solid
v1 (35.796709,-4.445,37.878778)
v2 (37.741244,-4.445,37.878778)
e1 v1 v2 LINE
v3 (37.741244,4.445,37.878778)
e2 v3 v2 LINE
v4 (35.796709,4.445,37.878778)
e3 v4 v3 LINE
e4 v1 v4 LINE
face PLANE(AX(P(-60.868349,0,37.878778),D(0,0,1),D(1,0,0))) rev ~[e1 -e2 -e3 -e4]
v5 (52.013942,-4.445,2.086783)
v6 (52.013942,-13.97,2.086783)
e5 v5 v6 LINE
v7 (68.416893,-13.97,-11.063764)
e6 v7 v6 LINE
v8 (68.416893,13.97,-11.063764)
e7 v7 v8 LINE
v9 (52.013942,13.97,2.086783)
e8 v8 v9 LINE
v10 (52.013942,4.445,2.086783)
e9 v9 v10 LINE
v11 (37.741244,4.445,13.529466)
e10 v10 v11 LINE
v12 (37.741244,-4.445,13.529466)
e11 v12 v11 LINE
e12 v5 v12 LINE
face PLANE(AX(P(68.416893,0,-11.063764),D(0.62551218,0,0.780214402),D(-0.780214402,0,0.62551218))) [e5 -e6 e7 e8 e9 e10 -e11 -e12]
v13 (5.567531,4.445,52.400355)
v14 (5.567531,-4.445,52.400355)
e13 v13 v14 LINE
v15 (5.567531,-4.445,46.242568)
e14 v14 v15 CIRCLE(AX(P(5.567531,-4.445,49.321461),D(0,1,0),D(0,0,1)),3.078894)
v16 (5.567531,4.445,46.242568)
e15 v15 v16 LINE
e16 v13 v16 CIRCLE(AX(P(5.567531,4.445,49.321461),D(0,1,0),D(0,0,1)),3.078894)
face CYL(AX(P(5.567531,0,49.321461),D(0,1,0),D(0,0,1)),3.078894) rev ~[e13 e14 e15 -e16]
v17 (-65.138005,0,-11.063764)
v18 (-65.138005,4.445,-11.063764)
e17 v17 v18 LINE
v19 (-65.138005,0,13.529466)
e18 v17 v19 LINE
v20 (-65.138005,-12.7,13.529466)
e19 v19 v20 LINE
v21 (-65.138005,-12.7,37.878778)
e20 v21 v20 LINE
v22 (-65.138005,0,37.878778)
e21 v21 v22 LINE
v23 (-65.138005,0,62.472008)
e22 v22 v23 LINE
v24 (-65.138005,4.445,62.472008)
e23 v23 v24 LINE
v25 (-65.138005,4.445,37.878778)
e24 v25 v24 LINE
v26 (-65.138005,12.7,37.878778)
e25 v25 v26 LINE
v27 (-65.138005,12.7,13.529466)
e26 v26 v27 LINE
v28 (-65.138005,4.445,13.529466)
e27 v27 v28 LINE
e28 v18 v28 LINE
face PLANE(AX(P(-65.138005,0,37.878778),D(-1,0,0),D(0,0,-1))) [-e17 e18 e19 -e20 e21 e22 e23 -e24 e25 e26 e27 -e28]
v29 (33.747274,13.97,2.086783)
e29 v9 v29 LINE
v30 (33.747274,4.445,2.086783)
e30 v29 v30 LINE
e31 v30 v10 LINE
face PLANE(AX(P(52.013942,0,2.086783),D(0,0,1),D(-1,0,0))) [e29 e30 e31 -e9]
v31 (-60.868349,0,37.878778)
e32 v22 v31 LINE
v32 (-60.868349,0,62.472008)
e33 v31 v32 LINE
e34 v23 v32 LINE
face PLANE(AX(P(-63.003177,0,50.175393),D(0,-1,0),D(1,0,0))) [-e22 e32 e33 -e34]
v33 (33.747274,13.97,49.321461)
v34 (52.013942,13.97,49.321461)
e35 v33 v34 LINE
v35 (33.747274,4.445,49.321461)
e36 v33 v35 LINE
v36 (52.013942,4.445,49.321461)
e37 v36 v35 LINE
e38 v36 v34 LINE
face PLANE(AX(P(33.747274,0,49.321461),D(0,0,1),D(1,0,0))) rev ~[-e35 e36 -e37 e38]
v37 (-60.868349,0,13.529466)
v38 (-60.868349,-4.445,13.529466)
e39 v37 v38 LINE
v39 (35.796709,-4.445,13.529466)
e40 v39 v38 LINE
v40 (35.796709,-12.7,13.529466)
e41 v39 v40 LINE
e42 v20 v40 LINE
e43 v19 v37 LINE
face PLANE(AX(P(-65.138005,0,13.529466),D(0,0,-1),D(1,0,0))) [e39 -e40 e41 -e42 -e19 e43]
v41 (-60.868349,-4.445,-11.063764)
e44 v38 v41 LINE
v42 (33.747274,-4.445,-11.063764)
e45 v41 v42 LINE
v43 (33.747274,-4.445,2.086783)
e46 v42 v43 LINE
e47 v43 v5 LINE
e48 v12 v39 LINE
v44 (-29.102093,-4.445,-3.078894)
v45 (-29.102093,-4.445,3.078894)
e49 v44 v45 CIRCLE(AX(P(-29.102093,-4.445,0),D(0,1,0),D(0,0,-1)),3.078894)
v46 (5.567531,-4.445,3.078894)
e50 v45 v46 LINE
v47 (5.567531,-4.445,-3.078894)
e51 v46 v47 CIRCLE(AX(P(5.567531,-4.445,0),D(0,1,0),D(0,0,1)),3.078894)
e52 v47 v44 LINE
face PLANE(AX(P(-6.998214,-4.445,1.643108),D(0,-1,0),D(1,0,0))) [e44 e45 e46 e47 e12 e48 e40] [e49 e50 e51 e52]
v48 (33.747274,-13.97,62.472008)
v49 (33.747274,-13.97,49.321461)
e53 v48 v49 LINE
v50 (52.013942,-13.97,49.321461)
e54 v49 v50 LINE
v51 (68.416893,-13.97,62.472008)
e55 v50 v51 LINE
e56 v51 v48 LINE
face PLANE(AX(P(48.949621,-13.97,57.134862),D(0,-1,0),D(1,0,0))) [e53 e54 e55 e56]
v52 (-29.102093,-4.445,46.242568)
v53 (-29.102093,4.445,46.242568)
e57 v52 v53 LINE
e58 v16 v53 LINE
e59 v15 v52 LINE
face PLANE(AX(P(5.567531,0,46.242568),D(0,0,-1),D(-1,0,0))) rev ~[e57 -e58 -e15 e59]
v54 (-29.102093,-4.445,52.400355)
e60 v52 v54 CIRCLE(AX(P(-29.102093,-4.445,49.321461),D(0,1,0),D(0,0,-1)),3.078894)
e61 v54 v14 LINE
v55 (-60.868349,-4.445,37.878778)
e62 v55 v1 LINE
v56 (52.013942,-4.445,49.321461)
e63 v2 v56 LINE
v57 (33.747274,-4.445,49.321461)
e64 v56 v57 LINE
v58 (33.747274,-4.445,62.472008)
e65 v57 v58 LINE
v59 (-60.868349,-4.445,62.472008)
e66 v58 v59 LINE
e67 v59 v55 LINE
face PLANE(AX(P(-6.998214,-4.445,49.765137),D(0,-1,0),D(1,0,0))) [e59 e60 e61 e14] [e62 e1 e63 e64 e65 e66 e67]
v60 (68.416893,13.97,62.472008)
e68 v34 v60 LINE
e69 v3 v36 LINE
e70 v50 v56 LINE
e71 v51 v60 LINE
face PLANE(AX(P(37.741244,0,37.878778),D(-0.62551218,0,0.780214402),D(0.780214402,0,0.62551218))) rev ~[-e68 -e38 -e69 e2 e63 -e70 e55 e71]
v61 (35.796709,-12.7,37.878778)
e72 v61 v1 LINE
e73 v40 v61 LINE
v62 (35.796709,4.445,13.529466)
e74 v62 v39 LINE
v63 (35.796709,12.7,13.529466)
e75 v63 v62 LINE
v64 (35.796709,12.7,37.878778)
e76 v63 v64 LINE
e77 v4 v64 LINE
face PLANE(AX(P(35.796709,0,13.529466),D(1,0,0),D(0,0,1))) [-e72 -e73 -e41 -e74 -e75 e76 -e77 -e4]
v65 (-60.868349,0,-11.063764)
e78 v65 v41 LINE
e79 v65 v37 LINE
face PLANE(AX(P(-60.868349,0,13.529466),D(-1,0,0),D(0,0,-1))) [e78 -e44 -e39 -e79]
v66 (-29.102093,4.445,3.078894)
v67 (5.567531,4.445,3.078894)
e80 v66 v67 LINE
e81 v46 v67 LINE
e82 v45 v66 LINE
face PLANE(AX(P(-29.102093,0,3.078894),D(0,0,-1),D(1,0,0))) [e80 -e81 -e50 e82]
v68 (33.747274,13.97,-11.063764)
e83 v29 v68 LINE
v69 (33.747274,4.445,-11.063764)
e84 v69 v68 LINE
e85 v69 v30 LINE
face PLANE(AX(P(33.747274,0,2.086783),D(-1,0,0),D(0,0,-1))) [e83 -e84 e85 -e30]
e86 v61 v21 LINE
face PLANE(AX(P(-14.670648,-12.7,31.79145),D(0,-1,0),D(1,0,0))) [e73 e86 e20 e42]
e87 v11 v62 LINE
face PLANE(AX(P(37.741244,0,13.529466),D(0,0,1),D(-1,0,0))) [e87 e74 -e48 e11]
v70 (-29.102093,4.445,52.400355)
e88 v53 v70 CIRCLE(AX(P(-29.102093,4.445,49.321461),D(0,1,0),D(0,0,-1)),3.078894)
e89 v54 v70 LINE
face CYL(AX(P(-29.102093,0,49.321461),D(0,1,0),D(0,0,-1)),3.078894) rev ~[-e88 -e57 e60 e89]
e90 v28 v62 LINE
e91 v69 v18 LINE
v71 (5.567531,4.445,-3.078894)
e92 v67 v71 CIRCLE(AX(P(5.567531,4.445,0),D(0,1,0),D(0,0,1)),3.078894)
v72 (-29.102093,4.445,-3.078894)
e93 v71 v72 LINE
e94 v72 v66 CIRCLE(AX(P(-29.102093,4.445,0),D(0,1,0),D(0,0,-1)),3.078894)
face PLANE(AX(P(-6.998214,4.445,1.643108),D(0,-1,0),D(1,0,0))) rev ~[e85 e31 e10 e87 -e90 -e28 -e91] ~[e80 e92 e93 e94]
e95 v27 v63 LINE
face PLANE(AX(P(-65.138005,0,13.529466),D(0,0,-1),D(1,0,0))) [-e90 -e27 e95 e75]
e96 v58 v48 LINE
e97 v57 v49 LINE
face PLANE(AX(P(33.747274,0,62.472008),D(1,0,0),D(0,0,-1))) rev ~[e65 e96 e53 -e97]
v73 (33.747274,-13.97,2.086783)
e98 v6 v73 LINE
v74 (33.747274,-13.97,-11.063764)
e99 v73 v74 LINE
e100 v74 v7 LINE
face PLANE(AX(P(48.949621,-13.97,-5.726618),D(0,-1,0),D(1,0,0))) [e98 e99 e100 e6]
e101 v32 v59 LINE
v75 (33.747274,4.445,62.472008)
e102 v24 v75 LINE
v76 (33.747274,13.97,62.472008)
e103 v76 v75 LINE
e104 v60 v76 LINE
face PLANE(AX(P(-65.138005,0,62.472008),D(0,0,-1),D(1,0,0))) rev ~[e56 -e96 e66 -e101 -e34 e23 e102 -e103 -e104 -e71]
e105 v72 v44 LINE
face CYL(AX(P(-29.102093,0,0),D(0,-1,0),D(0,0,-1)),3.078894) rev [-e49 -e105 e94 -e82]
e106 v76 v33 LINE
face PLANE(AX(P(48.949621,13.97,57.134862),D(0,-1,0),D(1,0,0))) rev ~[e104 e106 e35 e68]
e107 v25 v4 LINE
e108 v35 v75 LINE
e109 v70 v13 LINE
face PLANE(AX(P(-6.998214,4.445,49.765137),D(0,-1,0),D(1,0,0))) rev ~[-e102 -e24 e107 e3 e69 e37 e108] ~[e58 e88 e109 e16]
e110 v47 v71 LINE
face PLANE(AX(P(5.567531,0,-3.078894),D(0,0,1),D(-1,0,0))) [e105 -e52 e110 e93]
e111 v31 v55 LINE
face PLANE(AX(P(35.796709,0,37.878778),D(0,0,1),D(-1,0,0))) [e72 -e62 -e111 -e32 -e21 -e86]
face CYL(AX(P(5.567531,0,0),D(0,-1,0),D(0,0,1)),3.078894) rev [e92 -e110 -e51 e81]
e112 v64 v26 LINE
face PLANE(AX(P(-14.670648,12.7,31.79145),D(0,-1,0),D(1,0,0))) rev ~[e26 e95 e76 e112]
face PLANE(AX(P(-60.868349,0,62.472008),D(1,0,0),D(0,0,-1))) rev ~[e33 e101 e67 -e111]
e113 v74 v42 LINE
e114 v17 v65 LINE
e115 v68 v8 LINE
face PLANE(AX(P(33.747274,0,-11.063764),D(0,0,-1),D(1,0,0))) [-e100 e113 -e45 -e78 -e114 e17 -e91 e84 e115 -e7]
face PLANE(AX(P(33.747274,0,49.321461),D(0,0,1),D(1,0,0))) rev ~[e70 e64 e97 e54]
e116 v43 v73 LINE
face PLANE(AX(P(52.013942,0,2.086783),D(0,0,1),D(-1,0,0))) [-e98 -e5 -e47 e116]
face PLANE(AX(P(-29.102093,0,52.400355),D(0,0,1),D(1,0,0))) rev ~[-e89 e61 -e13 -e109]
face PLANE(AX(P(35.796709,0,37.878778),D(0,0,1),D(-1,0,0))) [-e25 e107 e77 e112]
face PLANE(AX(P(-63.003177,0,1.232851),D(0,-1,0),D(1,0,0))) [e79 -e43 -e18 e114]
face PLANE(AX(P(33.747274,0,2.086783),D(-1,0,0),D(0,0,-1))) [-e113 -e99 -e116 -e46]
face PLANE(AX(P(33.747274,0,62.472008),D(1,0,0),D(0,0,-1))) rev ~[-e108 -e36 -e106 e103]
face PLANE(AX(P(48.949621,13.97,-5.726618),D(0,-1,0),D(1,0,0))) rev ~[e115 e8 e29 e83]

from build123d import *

# Parameters (mm, degrees)
F1_DEPTH = 12.7
F0_W     = 4.2696557939
F0_H     = 24.5932303369
F2_DEPTH = 4.445
F3_DEPTH = 4.445
F4_DEPTH = 13.97


with BuildPart() as f1:
    # F0 (on Front) → F1 (new body, symmetric)
    with BuildSketch(Plane.XZ):
        Polygon((-60.8683489263, 37.8787778318), (-65.1380047202, 37.8787778318), (-65.1380047202, 25.7041221485), (35.7967093587, 25.7041221485), (35.7967093587, 37.8787778318), align=None)
        Polygon((35.7967093587, 25.7041221485), (-65.1380047202, 25.7041221485), (-65.1380047202, 13.5294664651), (-60.8683489263, 13.5294664651), (35.7967093587, 13.5294664651), align=None)
    extrude(amount=F1_DEPTH, both=True)

    # F0 (on Front) → F2 (join)
    with BuildSketch(Plane.XZ):
        with Locations((-63.0031768233, 50.1753930002)):
            Rectangle(F0_W, F0_H)
        with Locations((-63.0031768233, 1.2328512967)):
            Rectangle(F0_W, F0_H)
    extrude(amount=-F2_DEPTH)

    # F0 (on Front) → F3 (join, symmetric)
    with BuildSketch(Plane.XZ):
        Polygon((33.7472744286, 62.4720081687), (-60.8683489263, 62.4720081687), (-60.8683489263, 37.8787778318), (35.7967093587, 37.8787778318), (37.7412438393, 37.8787778318), (52.0139420338, 49.3214614689), (33.7472744286, 49.3214614689), align=None)
        with BuildLine():
            ThreePointArc((5.5675311014, 52.4003553908), (8.6464250233, 49.3214614689), (5.5675311014, 46.2425675471))
            Line((5.5675311014, 46.2425675471), (-29.1020926088, 46.2425675471))
            ThreePointArc((-29.1020926088, 46.2425675471), (-32.1809865307, 49.3214614689), (-29.1020926088, 52.4003553908))
            Line((-29.1020926088, 52.4003553908), (5.5675311014, 52.4003553908))
        make_face(mode=Mode.SUBTRACT)
        Polygon((37.7412438393, 13.5294664651), (35.7967093587, 13.5294664651), (-60.8683489263, 13.5294664651), (-60.8683489263, -11.0637638718), (33.7472744286, -11.0637638718), (33.7472744286, 2.086782828), (52.0139420338, 2.086782828), align=None)
        with BuildLine():
            ThreePointArc((-29.1020926088, -3.0788939219), (-32.1809865307, 0), (-29.1020926088, 3.0788939219))
            Line((-29.1020926088, 3.0788939219), (5.5675311014, 3.0788939219))
            ThreePointArc((5.5675311014, 3.0788939219), (8.6464250233, 0), (5.5675311014, -3.0788939219))
            Line((5.5675311014, -3.0788939219), (-29.1020926088, -3.0788939219))
        make_face(mode=Mode.SUBTRACT)
    extrude(amount=F3_DEPTH, both=True)

    # F0 (on Front) → F4 (join, symmetric)
    with BuildSketch(Plane.XZ):
        Polygon((68.4168934822, 62.4720081687), (33.7472744286, 62.4720081687), (33.7472744286, 49.3214614689), (52.0139420338, 49.3214614689), align=None)
        Polygon((68.4168934822, -11.0637638718), (52.0139420338, 2.086782828), (33.7472744286, 2.086782828), (33.7472744286, -11.0637638718), align=None)
    extrude(amount=F4_DEPTH, both=True)


solid = f1.part
